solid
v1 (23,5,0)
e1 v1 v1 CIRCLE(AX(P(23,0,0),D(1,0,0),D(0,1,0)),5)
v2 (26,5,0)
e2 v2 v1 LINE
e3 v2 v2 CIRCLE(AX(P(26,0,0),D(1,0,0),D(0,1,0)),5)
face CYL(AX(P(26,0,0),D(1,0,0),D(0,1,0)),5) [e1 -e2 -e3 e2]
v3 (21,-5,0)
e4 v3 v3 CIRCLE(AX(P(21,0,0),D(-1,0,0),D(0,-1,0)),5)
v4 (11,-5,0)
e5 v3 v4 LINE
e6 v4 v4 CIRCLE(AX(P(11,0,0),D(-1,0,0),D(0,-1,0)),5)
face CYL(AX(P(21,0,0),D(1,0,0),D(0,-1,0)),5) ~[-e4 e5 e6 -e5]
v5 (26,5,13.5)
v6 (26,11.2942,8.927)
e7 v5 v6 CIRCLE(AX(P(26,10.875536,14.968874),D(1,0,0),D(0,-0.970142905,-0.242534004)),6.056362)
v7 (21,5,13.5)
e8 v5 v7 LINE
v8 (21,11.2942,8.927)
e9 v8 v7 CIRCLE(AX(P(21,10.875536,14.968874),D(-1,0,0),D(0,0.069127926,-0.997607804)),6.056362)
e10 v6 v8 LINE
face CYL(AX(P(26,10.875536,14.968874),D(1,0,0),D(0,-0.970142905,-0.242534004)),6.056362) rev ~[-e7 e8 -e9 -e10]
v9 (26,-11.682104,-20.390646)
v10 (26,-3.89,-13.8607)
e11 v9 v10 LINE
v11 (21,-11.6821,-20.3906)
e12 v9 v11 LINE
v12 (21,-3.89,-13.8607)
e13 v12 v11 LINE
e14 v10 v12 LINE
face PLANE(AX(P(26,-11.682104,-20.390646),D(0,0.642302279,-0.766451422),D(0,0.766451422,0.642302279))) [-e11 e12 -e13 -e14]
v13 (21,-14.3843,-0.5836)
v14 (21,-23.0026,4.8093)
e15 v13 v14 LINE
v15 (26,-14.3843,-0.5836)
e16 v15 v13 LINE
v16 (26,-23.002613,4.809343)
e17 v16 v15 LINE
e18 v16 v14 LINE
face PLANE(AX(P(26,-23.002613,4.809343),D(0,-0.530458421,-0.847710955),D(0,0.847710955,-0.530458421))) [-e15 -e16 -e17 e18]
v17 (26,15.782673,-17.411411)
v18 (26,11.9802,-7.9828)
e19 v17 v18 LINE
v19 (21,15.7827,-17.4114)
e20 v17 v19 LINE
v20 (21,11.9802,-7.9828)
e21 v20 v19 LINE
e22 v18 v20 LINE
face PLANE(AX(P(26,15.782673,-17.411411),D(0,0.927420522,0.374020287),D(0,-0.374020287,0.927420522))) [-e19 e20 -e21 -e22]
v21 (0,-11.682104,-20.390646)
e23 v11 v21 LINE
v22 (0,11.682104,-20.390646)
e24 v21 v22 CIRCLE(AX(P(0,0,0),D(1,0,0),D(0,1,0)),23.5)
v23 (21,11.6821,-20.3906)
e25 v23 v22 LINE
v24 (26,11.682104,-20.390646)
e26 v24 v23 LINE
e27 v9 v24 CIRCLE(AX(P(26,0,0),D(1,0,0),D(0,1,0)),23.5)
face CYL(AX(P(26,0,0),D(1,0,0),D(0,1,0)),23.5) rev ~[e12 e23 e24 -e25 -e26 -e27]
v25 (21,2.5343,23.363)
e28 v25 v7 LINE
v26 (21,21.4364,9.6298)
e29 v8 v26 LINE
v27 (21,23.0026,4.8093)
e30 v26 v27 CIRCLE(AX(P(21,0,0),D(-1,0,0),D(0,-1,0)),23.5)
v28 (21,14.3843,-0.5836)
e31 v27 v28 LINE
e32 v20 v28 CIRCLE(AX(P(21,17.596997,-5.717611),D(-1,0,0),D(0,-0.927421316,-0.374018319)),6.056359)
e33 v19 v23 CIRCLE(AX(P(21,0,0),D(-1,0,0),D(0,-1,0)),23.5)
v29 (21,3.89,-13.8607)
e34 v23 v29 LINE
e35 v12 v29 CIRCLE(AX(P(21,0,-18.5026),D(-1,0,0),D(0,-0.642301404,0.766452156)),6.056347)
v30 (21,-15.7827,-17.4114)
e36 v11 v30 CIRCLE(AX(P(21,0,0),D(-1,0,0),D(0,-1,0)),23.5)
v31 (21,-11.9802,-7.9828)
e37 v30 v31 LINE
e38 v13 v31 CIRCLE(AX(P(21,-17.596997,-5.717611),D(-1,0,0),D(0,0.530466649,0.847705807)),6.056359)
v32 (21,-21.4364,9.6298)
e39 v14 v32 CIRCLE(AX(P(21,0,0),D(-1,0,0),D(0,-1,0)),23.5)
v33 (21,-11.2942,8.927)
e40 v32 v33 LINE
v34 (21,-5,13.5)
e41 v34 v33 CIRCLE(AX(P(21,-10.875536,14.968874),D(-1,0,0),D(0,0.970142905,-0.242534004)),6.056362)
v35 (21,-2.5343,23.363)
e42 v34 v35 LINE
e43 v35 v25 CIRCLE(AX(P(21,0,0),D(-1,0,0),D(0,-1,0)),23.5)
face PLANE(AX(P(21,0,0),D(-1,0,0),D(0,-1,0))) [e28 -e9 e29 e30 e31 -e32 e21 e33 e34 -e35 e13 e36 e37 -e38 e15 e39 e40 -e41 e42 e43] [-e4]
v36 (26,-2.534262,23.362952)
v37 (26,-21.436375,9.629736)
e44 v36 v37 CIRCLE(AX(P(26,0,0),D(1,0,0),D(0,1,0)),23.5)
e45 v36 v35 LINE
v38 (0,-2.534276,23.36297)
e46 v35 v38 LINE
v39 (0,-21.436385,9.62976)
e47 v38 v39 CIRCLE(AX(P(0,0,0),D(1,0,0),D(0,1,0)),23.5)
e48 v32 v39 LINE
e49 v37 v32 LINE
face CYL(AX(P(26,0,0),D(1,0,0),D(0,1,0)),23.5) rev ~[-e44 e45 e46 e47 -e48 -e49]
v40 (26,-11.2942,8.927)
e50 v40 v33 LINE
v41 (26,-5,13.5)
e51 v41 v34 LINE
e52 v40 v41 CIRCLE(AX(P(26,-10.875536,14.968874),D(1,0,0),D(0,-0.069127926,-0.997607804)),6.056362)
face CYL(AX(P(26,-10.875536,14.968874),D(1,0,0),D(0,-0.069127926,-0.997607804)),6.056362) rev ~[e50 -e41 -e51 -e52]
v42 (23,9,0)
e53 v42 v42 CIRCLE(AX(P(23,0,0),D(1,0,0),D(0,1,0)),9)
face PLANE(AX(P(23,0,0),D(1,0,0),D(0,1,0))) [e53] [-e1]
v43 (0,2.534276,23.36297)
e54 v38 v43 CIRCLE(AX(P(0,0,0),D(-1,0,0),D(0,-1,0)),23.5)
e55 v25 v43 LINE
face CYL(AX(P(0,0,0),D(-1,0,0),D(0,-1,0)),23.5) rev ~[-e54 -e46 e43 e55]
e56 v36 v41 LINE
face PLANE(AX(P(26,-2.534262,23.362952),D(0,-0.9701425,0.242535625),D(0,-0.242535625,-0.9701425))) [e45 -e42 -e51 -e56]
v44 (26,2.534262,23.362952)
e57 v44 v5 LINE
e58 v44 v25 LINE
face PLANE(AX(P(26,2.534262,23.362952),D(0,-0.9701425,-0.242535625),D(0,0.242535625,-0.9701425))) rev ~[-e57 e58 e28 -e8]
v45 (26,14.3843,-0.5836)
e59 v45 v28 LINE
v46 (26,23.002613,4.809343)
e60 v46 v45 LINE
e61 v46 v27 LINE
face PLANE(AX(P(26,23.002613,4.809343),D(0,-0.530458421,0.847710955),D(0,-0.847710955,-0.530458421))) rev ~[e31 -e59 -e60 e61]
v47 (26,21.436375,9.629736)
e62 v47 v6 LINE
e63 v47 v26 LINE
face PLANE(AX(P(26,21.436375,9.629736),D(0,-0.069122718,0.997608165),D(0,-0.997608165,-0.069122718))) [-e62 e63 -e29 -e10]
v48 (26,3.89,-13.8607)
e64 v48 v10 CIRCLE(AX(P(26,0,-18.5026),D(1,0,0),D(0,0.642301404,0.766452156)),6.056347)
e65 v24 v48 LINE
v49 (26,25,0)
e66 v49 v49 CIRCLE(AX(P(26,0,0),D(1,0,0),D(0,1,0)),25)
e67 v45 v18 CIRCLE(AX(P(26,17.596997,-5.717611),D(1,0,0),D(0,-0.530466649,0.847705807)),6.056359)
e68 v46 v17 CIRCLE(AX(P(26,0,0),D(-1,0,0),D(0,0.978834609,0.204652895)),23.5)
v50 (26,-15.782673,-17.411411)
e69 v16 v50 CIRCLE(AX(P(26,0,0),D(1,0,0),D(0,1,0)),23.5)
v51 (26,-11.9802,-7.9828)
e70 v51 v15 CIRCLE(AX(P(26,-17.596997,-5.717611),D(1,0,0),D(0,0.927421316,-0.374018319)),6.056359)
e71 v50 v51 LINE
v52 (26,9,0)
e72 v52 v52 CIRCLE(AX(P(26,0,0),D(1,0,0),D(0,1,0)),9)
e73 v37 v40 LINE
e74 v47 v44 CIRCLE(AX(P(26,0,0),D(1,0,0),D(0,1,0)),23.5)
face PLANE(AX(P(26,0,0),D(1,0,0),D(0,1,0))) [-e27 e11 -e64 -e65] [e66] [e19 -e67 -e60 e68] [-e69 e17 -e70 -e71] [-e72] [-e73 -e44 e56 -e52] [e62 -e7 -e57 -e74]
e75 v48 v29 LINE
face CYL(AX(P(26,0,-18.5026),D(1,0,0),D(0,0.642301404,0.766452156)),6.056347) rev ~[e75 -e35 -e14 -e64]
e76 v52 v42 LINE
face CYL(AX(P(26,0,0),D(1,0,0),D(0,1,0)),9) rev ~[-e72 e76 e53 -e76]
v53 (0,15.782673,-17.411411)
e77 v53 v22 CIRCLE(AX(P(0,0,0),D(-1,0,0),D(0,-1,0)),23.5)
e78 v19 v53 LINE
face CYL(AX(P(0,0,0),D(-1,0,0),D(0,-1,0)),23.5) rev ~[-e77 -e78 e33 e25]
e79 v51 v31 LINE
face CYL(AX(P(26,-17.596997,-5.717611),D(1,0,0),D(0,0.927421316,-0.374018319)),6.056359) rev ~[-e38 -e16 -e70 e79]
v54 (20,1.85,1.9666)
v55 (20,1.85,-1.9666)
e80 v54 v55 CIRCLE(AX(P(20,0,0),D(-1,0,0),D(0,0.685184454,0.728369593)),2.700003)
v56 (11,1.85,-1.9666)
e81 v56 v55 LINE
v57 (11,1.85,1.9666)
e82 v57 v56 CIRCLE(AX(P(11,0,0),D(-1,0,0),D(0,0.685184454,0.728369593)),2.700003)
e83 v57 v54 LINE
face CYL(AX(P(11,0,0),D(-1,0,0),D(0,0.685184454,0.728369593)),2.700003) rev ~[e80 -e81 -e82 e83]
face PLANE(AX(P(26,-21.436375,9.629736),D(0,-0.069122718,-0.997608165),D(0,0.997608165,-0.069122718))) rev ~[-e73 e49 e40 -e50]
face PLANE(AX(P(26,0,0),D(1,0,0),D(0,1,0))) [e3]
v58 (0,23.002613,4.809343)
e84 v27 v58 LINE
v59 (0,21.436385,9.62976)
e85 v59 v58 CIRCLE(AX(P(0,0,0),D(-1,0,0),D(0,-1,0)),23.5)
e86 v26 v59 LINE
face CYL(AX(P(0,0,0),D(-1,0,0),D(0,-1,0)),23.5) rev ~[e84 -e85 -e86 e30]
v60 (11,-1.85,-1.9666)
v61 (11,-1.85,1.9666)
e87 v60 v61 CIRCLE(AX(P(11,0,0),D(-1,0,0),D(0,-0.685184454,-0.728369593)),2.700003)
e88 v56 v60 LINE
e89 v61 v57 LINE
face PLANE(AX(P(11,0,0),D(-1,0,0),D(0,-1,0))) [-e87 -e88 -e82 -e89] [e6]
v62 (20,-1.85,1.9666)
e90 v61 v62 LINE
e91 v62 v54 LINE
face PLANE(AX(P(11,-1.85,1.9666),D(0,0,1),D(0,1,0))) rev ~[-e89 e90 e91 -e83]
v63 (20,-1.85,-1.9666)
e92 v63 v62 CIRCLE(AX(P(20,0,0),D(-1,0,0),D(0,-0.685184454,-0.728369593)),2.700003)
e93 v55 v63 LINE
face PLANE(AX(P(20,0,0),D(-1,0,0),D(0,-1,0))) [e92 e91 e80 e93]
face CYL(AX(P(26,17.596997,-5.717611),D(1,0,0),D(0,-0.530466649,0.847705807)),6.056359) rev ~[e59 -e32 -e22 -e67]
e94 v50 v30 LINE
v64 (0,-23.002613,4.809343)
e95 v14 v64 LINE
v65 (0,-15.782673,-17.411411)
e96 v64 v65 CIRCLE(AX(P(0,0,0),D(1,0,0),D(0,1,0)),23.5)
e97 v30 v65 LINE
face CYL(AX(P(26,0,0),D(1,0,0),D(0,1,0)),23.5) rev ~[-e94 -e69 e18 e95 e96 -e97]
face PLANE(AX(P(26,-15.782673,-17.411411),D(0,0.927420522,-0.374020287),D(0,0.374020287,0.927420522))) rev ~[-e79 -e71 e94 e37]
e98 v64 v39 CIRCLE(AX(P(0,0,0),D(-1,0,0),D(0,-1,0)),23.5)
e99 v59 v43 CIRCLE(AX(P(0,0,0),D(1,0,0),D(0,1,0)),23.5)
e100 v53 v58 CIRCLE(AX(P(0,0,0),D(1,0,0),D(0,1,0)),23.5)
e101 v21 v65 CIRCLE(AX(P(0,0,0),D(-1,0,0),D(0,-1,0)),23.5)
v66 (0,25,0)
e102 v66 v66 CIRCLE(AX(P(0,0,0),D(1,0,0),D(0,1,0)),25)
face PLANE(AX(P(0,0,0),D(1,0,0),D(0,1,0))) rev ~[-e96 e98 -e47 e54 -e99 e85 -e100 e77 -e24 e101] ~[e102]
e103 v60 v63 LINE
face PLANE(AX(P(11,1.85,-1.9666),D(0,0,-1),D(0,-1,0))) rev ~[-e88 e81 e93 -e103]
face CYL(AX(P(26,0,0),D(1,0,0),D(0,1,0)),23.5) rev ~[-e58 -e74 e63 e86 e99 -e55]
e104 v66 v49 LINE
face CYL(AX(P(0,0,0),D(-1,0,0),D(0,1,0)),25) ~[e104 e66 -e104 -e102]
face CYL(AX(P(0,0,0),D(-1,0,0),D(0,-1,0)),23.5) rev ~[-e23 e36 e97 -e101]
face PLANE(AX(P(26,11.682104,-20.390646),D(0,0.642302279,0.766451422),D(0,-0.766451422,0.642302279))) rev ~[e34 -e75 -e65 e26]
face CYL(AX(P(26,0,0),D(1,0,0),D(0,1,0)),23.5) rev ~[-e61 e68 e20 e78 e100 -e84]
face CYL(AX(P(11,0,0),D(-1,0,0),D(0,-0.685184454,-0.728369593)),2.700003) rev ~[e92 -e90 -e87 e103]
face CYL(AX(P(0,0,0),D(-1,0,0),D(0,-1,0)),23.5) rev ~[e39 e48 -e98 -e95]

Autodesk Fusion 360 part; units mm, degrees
sketch "Boceto1" plane through (0, 0, 0) normal (1, 0, 0) x (0, 1, 0)
  circle A0 centre (0, 0) radius 25
  dimension "d1" = 50
extrude "Wheel width" add sketch "Boceto1" along normal blind 26
sketch "Boceto2" plane through (26, 0, 0) normal (1, 0, 0) x (0, 1, 0)
  circle A0 centre (0, 0) radius 25
  circle A1 centre (0, 0) radius 5
  circle A2 centre (0, 0) radius 9
  dimension "d4" = 10
  dimension "d5" = 18
extrude "Wheel profile 1 (1)" cut sketch "Boceto2" against normal blind 3 contours A2
sketch "Boceto3" plane through (26, 0, 0) normal (1, 0, 0) x (0, 1, 0)
  circle A0 centre (0, 0) radius 25
  circle A1 centre (0, 0) radius 9
  circle A2 centre (0, 0) radius 23.5
  line L0 (0, 23.5) -> (0, 13.5) construction
  line L1 (0, 13.5) -> (-5, 13.5)
  line L2 (0, 13.5) -> (5, 13.5)
  line L3 (0, 23.5) -> (-2.5, 23.5)
  line L4 (-2.5, 23.5) -> (-5, 13.5)
  line L5 (2.5, 23.5) -> (5, 13.5)
  line L6 (0, 23.5) -> (2.5, 23.5)
  line L7 (-12.8393, 4.1717) -> (-11.2942, 8.927)
  line L8 (-12.8393, 4.1717) -> (-14.3843, -0.5836)
  line L9 (-23.1224, 4.8843) -> (-14.3843, -0.5836)
  line L10 (-22.3498, 7.2619) -> (-23.1224, 4.8843)
  line L11 (-22.3498, 7.2619) -> (-21.5773, 9.6395)
  line L12 (-21.5773, 9.6395) -> (-11.2942, 8.927)
  line L13 (-7.9351, -10.9217) -> (-11.9802, -7.9828)
  line L14 (-7.9351, -10.9217) -> (-3.89, -13.8607)
  line L15 (-11.7904, -20.4814) -> (-3.89, -13.8607)
  line L16 (-13.813, -19.0119) -> (-11.7904, -20.4814)
  line L17 (-13.813, -19.0119) -> (-15.8355, -17.5424)
  line L18 (-15.8355, -17.5424) -> (-11.9802, -7.9828)
  line L19 (7.9351, -10.9217) -> (3.89, -13.8607)
  line L20 (7.9351, -10.9217) -> (11.9802, -7.9828)
  line L21 (15.8355, -17.5424) -> (11.9802, -7.9828)
  line L22 (13.813, -19.0119) -> (15.8355, -17.5424)
  line L23 (13.813, -19.0119) -> (11.7904, -20.4814)
  line L24 (11.7904, -20.4814) -> (3.89, -13.8607)
  line L25 (12.8393, 4.1717) -> (14.3843, -0.5836)
  line L26 (12.8393, 4.1717) -> (11.2942, 8.927)
  line L27 (21.5773, 9.6395) -> (11.2942, 8.927)
  line L28 (22.3498, 7.2619) -> (21.5773, 9.6395)
  line L29 (22.3498, 7.2619) -> (23.1224, 4.8843)
  line L30 (23.1224, 4.8843) -> (14.3843, -0.5836)
  arc A3 (-11.2942, 8.927) -> (-5, 13.5) centre (-10.8755, 14.9689) ccw
  arc A4 (-11.9802, -7.9828) -> (-14.3843, -0.5836) centre (-17.597, -5.7176) ccw
  arc A5 (3.89, -13.8607) -> (-3.89, -13.8607) centre (0, -18.5026) ccw
  arc A6 (14.3843, -0.5836) -> (11.9802, -7.9828) centre (17.597, -5.7176) ccw
  arc A7 (5, 13.5) -> (11.2942, 8.927) centre (10.8755, 14.9689) ccw
  dimension "d8" = 47
  dimension "d9" = 10
  dimension "d10" = 5
  dimension "d12" = 2.5
  dimension "d14" = 360
extrude "Wheel profile 2 (1)" cut sketch "Boceto3" against normal through all contours A2 L21 L30 A6 | A2 L5 L27 A7 | A2 L15 L24 A5 | A2 L4 L12 A3 | A2 L9 L18 A4
sketch "Boceto4" plane through (0, 0, 0) normal (-1, 0, 0) x (0, -1, 0)
  line L0 (-11.9802, -7.9828) -> (-15.7827, -17.4114)
  arc A0 (-23.0026, 4.8093) -> (-15.7827, -17.4114) centre (0, 0) ccw
  line L1 (-23.0026, 4.8093) -> (-14.3843, -0.5836)
  arc A1 (-11.9802, -7.9828) -> (-14.3843, -0.5836) centre (-17.597, -5.7176) ccw
  line L2 (-11.2942, 8.927) -> (-21.4364, 9.6298)
  arc A2 (-2.5343, 23.363) -> (-21.4364, 9.6298) centre (0, 0) ccw
  line L3 (-2.5343, 23.363) -> (-5, 13.5)
  arc A3 (-11.2942, 8.927) -> (-5, 13.5) centre (-10.8755, 14.9689) ccw
  line L4 (3.89, -13.8607) -> (11.6821, -20.3906)
  arc A4 (-11.6821, -20.3906) -> (11.6821, -20.3906) centre (0, 0) ccw
  line L5 (-11.6821, -20.3906) -> (-3.89, -13.8607)
  arc A5 (3.89, -13.8607) -> (-3.89, -13.8607) centre (0, -18.5026) ccw
  line L6 (5, 13.5) -> (2.5343, 23.363)
  arc A6 (21.4364, 9.6298) -> (2.5343, 23.363) centre (0, 0) ccw
  line L7 (21.4364, 9.6298) -> (11.2942, 8.927)
  arc A7 (5, 13.5) -> (11.2942, 8.927) centre (10.8755, 14.9689) ccw
  line L8 (14.3843, -0.5836) -> (23.0026, 4.8093)
  arc A8 (15.7827, -17.4114) -> (23.0026, 4.8093) centre (0, 0) ccw
  line L9 (15.7827, -17.4114) -> (11.9802, -7.9828)
  arc A9 (14.3843, -0.5836) -> (11.9802, -7.9828) centre (17.597, -5.7176) ccw
  circle A10 centre (0, 0) radius 25
  circle A11 centre (0, 0) radius 23.5
extrude "Wheel hole (1)" cut sketch "Boceto4" against normal blind 21 contours L0 L1 A1 L2 L3 A3 L4 L5 A5 L6 L7 A7 L8 L9 A9 A11
sketch "Boceto5" plane through (21, 0, 0) normal (-1, 0, 0) x (0, -1, 0)
  line L0 (3.89, -13.8607) -> (11.6821, -20.3906)
  arc A0 (11.6821, -20.3906) -> (15.7827, -17.4114) centre (0, 0) ccw
  line L1 (15.7827, -17.4114) -> (11.9802, -7.9828)
  arc A1 (14.3843, -0.5836) -> (11.9802, -7.9828) centre (17.597, -5.7176) ccw
  line L2 (14.3843, -0.5836) -> (23.0026, 4.8093)
  arc A2 (23.0026, 4.8093) -> (21.4364, 9.6298) centre (0, 0) ccw
  line L3 (21.4364, 9.6298) -> (11.2942, 8.927)
  arc A3 (5, 13.5) -> (11.2942, 8.927) centre (10.8755, 14.9689) ccw
  line L4 (5, 13.5) -> (2.5343, 23.363)
  arc A4 (2.5343, 23.363) -> (-2.5343, 23.363) centre (0, 0) ccw
  line L5 (-2.5343, 23.363) -> (-5, 13.5)
  arc A5 (-11.2942, 8.927) -> (-5, 13.5) centre (-10.8755, 14.9689) ccw
  line L6 (-11.2942, 8.927) -> (-21.4364, 9.6298)
  arc A6 (-21.4364, 9.6298) -> (-23.0026, 4.8093) centre (0, 0) ccw
  line L7 (-23.0026, 4.8093) -> (-14.3843, -0.5836)
  arc A7 (-11.9802, -7.9828) -> (-14.3843, -0.5836) centre (-17.597, -5.7176) ccw
  line L8 (-11.9802, -7.9828) -> (-15.7827, -17.4114)
  arc A8 (-15.7827, -17.4114) -> (-11.6821, -20.3906) centre (0, 0) ccw
  line L9 (-11.6821, -20.3906) -> (-3.89, -13.8607)
  arc A9 (3.89, -13.8607) -> (-3.89, -13.8607) centre (0, -18.5026) ccw
  circle A10 centre (0, 0) radius 5
  dimension "d18" = 10
extrude "Connector base (1)" add sketch "Boceto5" along normal blind 10 contours A10
sketch "Boceto6" plane through (11, 0, 0) normal (-1, 0, 0) x (0, -1, 0)
  circle A0 centre (0, 0) radius 5
  line L0 (1.85, 1.9666) -> (-1.85, 1.9666)
  line L1 (-1.85, -1.9666) -> (1.85, -1.9666)
  arc A1 (-1.85, 1.9666) -> (-1.85, -1.9666) centre (0, 0) ccw
  arc A2 (1.85, -1.9666) -> (1.85, 1.9666) centre (0, 0) ccw
  dimension "d21" = 5.4
  dimension "d22" = 3.7
extrude "Connector hole (1)" cut sketch "Boceto6" against normal blind 9 contours L0 L1 A1 A2
